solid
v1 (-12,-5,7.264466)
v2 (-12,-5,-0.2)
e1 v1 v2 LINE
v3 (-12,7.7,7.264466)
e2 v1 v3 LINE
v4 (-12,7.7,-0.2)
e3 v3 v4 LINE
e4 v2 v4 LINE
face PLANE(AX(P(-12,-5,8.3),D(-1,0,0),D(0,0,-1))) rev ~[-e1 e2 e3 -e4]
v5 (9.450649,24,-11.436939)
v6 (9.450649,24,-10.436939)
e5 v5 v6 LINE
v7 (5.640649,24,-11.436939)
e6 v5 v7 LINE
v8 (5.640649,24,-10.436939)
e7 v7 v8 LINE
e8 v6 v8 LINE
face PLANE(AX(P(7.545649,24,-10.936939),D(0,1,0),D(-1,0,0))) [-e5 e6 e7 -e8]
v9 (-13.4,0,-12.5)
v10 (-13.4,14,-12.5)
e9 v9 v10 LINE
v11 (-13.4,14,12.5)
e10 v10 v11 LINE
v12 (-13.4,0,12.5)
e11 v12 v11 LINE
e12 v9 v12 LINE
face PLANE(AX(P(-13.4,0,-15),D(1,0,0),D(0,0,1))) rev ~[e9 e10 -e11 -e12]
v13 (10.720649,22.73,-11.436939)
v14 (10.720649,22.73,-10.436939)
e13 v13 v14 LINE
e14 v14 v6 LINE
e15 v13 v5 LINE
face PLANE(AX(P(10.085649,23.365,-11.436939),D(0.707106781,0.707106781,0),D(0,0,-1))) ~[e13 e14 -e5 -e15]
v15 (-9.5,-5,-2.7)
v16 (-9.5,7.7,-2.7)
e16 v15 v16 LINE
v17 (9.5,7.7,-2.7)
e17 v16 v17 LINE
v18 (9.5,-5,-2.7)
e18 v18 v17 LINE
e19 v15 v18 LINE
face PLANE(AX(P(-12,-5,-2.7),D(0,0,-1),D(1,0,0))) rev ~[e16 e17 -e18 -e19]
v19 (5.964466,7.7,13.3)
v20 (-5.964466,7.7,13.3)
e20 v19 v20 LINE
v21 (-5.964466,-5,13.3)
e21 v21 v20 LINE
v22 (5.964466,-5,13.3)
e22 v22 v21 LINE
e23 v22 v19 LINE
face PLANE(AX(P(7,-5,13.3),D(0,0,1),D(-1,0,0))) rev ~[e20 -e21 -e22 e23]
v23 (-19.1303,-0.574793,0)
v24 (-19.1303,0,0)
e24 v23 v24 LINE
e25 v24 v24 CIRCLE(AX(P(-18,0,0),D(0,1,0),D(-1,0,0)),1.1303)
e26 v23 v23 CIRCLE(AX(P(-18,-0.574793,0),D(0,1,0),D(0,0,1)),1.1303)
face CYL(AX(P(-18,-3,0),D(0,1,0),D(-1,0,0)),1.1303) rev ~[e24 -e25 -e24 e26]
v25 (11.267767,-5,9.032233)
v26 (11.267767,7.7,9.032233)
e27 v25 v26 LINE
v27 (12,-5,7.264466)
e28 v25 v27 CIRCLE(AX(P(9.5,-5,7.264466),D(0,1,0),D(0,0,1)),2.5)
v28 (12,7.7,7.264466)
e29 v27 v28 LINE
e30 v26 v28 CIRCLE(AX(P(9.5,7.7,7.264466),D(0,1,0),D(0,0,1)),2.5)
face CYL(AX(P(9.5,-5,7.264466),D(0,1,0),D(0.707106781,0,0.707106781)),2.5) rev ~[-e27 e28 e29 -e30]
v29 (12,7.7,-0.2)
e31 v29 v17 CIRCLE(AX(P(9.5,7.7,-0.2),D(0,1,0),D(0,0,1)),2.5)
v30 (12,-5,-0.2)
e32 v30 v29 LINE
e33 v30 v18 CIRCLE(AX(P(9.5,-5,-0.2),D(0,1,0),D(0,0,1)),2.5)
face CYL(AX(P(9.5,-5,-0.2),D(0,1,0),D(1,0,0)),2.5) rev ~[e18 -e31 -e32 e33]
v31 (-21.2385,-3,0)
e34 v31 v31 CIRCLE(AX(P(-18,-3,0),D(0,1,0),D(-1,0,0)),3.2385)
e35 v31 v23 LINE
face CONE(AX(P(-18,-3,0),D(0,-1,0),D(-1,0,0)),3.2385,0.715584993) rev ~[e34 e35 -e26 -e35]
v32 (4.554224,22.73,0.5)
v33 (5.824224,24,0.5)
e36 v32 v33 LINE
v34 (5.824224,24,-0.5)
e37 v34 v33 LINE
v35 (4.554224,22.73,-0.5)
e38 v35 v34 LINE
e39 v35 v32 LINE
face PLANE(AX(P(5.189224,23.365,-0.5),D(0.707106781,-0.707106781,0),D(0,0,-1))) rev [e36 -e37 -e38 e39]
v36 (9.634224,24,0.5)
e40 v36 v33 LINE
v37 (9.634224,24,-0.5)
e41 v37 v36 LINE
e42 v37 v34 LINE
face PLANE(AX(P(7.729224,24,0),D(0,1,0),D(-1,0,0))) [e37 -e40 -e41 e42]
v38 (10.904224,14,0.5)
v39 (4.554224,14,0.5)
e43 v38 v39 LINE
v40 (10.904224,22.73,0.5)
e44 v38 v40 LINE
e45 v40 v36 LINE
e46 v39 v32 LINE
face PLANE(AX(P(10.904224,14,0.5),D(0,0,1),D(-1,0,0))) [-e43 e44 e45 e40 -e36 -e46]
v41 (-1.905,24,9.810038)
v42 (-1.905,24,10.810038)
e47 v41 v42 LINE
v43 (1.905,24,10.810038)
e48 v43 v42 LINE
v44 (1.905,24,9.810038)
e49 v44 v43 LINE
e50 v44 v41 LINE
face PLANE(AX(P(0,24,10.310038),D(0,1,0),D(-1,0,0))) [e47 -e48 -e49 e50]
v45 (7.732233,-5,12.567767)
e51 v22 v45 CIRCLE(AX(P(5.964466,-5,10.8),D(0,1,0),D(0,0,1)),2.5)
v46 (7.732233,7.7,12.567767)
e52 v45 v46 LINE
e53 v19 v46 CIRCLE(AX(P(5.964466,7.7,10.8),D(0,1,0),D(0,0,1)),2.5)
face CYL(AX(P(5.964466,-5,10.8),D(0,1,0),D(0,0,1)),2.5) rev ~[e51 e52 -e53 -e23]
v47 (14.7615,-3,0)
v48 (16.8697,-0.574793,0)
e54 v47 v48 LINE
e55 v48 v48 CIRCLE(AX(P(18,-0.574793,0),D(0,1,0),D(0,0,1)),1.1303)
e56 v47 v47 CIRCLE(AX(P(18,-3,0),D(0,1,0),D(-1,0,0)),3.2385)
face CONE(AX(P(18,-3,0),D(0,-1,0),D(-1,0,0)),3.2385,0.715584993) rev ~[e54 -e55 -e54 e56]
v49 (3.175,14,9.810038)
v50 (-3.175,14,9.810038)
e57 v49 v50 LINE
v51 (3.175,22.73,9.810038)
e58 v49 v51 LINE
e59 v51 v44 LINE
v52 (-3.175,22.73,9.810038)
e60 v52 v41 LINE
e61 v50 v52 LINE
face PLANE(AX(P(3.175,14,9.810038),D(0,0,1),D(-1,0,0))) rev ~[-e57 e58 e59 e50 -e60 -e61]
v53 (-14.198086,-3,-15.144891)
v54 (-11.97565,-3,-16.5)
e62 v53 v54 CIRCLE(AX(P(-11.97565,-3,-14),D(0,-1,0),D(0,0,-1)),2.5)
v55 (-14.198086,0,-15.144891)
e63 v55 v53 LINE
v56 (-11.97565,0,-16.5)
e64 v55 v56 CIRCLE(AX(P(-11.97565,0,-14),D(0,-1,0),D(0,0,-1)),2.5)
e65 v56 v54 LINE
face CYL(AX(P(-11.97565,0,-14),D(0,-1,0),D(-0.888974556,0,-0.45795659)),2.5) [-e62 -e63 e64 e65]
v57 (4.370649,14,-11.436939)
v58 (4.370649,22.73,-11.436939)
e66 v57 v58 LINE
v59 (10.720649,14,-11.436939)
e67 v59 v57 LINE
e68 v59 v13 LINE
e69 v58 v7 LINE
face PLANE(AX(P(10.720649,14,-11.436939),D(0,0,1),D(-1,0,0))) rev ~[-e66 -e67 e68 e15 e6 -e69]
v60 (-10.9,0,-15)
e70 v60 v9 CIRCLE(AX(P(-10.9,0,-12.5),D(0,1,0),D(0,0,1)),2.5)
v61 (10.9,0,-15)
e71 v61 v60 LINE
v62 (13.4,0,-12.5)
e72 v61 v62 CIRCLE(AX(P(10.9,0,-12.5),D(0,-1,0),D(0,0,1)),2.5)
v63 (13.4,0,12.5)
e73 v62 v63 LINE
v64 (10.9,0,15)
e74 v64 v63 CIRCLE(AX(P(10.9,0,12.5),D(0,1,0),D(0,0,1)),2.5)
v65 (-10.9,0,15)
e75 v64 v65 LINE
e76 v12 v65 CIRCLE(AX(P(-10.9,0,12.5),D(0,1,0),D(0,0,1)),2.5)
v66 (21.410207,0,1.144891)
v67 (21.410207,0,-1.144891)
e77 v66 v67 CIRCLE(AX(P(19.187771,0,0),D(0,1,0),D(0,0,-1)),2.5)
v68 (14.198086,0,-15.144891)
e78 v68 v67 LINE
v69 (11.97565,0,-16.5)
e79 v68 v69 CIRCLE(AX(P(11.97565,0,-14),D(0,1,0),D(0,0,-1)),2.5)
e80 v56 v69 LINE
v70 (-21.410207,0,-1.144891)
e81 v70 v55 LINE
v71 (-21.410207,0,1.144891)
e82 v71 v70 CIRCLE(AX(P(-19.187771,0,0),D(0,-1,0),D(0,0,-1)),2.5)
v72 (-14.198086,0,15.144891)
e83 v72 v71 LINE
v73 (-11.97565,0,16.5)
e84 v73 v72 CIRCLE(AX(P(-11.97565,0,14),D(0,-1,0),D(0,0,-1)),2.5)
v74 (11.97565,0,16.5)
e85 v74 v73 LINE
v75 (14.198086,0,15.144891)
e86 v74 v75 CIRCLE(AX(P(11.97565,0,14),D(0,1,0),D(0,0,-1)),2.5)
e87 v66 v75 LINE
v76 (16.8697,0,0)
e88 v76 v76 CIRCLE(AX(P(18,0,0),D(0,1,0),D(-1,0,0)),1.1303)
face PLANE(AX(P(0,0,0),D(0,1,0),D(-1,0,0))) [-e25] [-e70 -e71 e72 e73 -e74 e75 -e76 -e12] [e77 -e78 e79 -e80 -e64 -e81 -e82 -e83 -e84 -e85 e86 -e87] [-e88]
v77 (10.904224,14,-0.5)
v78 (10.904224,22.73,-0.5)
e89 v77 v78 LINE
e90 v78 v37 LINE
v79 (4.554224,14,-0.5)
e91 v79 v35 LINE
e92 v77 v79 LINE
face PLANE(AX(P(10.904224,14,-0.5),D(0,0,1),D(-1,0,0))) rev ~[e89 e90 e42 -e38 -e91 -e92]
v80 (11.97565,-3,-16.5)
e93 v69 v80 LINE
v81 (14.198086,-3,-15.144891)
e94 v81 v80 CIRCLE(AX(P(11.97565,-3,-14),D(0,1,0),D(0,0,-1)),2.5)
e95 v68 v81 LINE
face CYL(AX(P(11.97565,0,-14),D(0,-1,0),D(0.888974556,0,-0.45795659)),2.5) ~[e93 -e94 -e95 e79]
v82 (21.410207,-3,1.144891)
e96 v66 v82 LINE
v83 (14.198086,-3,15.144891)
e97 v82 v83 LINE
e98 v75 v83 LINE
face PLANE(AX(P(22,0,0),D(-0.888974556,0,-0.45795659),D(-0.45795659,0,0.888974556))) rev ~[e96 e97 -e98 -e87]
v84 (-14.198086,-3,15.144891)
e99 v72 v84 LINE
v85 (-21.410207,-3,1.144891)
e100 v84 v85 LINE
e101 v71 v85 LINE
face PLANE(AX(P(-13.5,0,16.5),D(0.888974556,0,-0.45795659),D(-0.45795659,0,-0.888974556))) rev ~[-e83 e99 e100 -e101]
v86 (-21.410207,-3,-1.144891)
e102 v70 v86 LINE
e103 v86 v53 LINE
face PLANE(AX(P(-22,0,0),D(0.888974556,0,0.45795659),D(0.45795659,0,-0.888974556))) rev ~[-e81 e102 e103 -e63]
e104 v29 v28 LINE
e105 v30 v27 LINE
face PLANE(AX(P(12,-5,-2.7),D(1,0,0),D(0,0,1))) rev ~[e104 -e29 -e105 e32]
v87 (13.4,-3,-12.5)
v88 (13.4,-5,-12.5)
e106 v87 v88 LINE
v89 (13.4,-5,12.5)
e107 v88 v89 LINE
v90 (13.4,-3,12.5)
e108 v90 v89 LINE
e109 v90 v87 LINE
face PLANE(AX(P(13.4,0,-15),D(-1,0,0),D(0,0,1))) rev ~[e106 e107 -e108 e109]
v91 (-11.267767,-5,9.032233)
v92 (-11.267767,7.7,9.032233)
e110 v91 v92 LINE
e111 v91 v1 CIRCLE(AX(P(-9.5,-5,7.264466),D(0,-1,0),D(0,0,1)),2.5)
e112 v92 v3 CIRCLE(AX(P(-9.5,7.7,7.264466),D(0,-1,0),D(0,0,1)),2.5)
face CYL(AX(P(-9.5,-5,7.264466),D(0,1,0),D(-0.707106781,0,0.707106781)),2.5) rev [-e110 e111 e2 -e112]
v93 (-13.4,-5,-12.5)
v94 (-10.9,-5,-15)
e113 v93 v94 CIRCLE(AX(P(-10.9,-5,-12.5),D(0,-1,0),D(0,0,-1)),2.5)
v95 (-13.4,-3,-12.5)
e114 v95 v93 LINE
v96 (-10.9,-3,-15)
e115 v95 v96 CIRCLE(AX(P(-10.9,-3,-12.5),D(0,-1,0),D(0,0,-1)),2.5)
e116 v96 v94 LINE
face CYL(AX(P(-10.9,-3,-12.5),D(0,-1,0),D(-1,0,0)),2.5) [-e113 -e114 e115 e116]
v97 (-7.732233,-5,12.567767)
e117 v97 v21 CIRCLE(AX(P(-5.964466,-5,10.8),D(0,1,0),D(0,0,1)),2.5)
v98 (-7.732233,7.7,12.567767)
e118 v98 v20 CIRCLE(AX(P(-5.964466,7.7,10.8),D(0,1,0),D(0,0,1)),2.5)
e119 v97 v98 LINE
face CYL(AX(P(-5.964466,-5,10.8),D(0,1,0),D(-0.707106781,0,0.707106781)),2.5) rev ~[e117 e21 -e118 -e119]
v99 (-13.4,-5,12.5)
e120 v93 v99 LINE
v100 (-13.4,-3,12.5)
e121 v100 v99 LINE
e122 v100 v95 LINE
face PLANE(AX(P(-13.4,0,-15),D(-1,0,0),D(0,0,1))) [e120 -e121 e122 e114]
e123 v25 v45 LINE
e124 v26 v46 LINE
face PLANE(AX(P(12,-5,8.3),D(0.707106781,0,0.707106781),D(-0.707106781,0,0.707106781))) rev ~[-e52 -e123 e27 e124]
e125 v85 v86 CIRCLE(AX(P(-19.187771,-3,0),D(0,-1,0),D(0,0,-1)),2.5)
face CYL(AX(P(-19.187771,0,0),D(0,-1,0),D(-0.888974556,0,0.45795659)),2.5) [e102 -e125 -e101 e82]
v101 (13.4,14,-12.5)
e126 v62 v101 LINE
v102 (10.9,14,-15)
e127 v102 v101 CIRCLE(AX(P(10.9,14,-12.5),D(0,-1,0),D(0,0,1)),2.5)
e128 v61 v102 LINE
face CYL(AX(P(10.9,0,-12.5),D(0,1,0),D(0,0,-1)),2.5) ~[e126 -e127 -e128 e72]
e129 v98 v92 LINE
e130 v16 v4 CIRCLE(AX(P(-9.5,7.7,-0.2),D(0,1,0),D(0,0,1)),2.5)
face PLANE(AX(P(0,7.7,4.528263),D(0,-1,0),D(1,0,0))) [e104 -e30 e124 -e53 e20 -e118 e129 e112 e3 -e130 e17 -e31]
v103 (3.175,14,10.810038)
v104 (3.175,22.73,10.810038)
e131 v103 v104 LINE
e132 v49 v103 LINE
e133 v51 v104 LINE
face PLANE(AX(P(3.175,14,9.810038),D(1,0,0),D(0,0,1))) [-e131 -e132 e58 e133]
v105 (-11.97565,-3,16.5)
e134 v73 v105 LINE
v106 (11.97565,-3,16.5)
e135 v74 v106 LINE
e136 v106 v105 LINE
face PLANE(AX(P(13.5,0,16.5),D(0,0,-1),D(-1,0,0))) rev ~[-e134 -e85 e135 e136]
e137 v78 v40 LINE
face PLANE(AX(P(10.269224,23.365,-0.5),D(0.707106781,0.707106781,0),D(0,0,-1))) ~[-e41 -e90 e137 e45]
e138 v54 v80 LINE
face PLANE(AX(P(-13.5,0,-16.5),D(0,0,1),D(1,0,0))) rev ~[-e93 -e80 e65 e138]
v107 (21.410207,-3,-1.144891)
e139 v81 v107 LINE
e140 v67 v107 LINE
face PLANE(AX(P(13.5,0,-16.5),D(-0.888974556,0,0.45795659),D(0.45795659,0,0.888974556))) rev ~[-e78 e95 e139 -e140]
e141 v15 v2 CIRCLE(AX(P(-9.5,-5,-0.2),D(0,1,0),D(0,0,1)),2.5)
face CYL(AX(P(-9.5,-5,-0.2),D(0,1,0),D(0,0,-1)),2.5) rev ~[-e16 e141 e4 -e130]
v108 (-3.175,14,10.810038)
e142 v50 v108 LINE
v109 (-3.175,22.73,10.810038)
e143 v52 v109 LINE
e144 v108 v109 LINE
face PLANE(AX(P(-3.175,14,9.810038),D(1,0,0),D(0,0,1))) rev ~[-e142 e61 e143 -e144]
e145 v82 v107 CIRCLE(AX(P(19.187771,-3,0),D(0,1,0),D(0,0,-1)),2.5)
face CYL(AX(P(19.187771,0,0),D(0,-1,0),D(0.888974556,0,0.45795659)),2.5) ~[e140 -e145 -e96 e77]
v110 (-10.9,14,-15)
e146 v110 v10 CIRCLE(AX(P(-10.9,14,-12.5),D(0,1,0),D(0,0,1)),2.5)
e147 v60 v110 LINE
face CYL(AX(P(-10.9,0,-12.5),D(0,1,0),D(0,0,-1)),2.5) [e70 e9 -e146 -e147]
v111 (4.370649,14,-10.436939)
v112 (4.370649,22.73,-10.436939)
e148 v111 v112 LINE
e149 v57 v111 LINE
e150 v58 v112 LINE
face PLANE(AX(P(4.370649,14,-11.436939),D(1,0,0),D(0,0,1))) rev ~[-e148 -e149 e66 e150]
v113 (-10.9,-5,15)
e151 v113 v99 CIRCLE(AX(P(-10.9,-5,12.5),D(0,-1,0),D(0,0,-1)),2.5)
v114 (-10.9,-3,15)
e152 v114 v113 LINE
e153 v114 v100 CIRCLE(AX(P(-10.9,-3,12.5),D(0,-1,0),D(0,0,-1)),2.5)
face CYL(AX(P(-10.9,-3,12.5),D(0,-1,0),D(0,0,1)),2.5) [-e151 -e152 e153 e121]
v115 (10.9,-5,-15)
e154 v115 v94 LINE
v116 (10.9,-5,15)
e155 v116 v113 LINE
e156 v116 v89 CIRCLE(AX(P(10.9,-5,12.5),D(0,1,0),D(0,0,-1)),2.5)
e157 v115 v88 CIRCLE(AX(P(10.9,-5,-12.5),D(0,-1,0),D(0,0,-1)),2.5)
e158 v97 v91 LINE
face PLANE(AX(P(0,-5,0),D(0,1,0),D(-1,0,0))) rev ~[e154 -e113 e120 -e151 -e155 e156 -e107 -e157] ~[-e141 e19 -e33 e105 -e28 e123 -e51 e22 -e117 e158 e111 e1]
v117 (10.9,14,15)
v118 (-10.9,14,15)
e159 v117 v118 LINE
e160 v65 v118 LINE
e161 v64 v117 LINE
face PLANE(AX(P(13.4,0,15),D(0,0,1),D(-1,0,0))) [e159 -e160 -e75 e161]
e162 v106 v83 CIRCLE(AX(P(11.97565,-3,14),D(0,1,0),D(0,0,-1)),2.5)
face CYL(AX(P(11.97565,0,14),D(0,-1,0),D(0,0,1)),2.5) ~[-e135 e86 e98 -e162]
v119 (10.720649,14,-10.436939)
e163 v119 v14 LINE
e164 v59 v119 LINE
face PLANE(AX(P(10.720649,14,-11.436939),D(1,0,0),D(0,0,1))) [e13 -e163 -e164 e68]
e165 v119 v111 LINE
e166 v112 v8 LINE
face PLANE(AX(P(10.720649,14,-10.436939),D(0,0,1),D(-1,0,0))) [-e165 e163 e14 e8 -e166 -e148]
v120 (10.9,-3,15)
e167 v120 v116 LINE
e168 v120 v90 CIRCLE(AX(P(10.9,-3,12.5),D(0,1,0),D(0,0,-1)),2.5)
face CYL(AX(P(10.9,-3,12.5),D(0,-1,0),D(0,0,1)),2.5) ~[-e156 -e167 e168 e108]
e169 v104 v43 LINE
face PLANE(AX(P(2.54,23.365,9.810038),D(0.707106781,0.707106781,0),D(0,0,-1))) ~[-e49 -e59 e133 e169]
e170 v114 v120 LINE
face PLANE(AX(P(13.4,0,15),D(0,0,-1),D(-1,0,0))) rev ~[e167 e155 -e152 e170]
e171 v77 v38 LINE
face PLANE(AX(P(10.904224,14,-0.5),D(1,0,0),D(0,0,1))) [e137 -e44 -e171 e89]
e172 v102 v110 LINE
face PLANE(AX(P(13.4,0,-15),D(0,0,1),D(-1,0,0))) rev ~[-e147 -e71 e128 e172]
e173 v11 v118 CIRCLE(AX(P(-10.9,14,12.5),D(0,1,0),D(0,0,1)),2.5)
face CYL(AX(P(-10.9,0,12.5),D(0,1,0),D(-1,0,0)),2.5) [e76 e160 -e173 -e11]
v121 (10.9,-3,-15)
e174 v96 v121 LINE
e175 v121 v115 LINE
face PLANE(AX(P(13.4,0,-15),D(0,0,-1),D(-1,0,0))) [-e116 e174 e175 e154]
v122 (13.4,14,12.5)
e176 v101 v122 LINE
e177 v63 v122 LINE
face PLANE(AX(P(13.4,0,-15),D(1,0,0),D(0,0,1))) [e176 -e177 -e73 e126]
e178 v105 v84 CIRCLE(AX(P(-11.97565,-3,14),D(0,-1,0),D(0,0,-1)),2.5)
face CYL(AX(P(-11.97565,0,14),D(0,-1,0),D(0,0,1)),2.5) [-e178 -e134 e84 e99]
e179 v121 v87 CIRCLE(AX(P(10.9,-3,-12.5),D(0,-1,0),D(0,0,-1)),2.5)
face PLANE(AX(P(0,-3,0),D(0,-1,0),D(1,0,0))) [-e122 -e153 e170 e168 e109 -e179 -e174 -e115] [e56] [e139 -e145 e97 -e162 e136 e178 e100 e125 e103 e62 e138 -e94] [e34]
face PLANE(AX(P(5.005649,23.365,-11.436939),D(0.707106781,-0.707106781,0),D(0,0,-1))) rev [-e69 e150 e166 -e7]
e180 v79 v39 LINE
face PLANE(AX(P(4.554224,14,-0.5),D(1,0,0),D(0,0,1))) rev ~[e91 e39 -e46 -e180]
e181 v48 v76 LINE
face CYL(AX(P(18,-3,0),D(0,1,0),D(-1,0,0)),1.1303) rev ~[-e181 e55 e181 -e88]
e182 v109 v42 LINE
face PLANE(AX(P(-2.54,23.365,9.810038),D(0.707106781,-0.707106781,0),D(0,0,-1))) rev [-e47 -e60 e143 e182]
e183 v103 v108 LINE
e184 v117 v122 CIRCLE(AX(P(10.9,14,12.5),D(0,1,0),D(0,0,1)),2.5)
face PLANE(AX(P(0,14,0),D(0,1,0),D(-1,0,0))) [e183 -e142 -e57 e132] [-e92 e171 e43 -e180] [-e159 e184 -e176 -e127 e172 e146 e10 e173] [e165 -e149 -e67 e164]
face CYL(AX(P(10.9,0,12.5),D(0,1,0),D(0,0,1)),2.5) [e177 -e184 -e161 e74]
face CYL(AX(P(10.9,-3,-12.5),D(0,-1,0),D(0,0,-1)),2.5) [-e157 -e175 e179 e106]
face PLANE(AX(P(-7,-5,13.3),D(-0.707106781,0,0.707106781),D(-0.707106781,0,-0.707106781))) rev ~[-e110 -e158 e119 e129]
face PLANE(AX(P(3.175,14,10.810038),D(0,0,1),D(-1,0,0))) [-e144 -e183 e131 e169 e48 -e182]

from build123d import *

# Parameters (mm, degrees)
F1_DEPTH        = 3
F2_W            = 26.8
F2_H            = 30
F3_DEPTH        = 5
F4_W            = 26.8
F4_H            = 30
F5_DEPTH        = 14
F7_DEPTH        = 12.7
F8_W            = 6.35
F8_H            = 1
F9_DEPTH        = 10
F10_R           = 2.5
F11_SIZE        = 1.27
F13_D           = 2.2606
F13_DEPTH       = 14.61135
F13_CSINK_D     = 6.477
F13_CSINK_ANGLE = 82
F13_TIP         = 0.6791527577


with BuildPart() as f1:
    # F0 (on Front) → F1 (new body)
    with BuildSketch(Plane.XZ):
        Polygon((13.5, 16.5), (-13.5, 16.5), (-22, 0), (-13.5, -16.5), (13.5, -16.5), (22, 0), align=None)
    extrude(amount=F1_DEPTH)

    # F2 (on face) → F3 (join)
    with BuildSketch(Plane(origin=(0, 0, 0), x_dir=(-1, 0, 0), z_dir=(0, 1, 0))):
        Rectangle(F2_W, F2_H)
    extrude(amount=-F3_DEPTH)

    # F4 (on face) → F5 (join)
    with BuildSketch(Plane(origin=(0, 0, 0), x_dir=(-1, 0, 0), z_dir=(0, 1, 0))):
        Rectangle(F4_W, F4_H)
    extrude(amount=F5_DEPTH)

    # F6 (on face) → F7 (cut)
    with BuildSketch(Plane.XZ.offset(5)):
        Polygon((-12, 8.3), (-12, -2.7), (12, -2.7), (12, 8.3), (7, 13.3), (-7, 13.3), align=None)
    extrude(amount=-F7_DEPTH, mode=Mode.SUBTRACT)

    # F8 (on face) → F9 (join)
    with BuildSketch(Plane(origin=(0, 14, 0), x_dir=(-1, 0, 0), z_dir=(0, 1, 0))):
        with Locations((0, 10.3100380624)):
            Rectangle(F8_W, F8_H)
        with Locations((-7.7292244386, 0)):
            Rectangle(F8_W, F8_H)
        with Locations((-7.5456485327, -10.9369392929)):
            Rectangle(F8_W, F8_H)
    extrude(amount=F9_DEPTH)

    # F10
    f10_edges = [f1.edges().sort_by_distance(p)[0] for p in [
        (-22, -1.5, 0),
        (-13.5, -1.5, 16.5),
        (13.5, -1.5, 16.5),
        (22, -1.5, 0),
        (13.5, -1.5, -16.5),
        (-13.5, -1.5, -16.5),
        (-13.4, -4, -15),
        (13.4, -4, -15),
        (13.4, -4, 15),
        (-13.4, -4, 15),
        (-13.4, 7, 15),
        (13.4, 7, 15),
        (-13.4, 7, -15),
        (13.4, 7, -15),
        (-12, 1.35, 8.3),
        (-7, 1.35, 13.3),
        (7, 1.35, 13.3),
        (12, 1.35, 8.3),
        (12, 1.35, -2.7),
        (-12, 1.35, -2.7),
    ]]
    fillet(f10_edges, radius=F10_R)

    # F11
    f11_edges = [f1.edges().sort_by_distance(p)[0] for p in [
        (10.720649, 24, -10.936939),
        (10.904224, 24, 0),
        (3.175, 24, 10.310038),
        (-3.175, 24, 10.310038),
        (4.554224, 24, 0),
        (4.370649, 24, -10.936939),
    ]]
    chamfer(f11_edges, length=F11_SIZE)

    # F13
    with Locations(Plane.XZ.offset(3)):
        with Locations((-18, 0), (18, 0)):
            CounterSinkHole(F13_D / 2, F13_CSINK_D / 2, depth=F13_DEPTH, counter_sink_angle=F13_CSINK_ANGLE)
            with Locations((0, 0, -(F13_DEPTH + F13_TIP / 2))):  # 118° drill point
                Cone(0, F13_D / 2, F13_TIP, mode=Mode.SUBTRACT)


solid = f1.part
